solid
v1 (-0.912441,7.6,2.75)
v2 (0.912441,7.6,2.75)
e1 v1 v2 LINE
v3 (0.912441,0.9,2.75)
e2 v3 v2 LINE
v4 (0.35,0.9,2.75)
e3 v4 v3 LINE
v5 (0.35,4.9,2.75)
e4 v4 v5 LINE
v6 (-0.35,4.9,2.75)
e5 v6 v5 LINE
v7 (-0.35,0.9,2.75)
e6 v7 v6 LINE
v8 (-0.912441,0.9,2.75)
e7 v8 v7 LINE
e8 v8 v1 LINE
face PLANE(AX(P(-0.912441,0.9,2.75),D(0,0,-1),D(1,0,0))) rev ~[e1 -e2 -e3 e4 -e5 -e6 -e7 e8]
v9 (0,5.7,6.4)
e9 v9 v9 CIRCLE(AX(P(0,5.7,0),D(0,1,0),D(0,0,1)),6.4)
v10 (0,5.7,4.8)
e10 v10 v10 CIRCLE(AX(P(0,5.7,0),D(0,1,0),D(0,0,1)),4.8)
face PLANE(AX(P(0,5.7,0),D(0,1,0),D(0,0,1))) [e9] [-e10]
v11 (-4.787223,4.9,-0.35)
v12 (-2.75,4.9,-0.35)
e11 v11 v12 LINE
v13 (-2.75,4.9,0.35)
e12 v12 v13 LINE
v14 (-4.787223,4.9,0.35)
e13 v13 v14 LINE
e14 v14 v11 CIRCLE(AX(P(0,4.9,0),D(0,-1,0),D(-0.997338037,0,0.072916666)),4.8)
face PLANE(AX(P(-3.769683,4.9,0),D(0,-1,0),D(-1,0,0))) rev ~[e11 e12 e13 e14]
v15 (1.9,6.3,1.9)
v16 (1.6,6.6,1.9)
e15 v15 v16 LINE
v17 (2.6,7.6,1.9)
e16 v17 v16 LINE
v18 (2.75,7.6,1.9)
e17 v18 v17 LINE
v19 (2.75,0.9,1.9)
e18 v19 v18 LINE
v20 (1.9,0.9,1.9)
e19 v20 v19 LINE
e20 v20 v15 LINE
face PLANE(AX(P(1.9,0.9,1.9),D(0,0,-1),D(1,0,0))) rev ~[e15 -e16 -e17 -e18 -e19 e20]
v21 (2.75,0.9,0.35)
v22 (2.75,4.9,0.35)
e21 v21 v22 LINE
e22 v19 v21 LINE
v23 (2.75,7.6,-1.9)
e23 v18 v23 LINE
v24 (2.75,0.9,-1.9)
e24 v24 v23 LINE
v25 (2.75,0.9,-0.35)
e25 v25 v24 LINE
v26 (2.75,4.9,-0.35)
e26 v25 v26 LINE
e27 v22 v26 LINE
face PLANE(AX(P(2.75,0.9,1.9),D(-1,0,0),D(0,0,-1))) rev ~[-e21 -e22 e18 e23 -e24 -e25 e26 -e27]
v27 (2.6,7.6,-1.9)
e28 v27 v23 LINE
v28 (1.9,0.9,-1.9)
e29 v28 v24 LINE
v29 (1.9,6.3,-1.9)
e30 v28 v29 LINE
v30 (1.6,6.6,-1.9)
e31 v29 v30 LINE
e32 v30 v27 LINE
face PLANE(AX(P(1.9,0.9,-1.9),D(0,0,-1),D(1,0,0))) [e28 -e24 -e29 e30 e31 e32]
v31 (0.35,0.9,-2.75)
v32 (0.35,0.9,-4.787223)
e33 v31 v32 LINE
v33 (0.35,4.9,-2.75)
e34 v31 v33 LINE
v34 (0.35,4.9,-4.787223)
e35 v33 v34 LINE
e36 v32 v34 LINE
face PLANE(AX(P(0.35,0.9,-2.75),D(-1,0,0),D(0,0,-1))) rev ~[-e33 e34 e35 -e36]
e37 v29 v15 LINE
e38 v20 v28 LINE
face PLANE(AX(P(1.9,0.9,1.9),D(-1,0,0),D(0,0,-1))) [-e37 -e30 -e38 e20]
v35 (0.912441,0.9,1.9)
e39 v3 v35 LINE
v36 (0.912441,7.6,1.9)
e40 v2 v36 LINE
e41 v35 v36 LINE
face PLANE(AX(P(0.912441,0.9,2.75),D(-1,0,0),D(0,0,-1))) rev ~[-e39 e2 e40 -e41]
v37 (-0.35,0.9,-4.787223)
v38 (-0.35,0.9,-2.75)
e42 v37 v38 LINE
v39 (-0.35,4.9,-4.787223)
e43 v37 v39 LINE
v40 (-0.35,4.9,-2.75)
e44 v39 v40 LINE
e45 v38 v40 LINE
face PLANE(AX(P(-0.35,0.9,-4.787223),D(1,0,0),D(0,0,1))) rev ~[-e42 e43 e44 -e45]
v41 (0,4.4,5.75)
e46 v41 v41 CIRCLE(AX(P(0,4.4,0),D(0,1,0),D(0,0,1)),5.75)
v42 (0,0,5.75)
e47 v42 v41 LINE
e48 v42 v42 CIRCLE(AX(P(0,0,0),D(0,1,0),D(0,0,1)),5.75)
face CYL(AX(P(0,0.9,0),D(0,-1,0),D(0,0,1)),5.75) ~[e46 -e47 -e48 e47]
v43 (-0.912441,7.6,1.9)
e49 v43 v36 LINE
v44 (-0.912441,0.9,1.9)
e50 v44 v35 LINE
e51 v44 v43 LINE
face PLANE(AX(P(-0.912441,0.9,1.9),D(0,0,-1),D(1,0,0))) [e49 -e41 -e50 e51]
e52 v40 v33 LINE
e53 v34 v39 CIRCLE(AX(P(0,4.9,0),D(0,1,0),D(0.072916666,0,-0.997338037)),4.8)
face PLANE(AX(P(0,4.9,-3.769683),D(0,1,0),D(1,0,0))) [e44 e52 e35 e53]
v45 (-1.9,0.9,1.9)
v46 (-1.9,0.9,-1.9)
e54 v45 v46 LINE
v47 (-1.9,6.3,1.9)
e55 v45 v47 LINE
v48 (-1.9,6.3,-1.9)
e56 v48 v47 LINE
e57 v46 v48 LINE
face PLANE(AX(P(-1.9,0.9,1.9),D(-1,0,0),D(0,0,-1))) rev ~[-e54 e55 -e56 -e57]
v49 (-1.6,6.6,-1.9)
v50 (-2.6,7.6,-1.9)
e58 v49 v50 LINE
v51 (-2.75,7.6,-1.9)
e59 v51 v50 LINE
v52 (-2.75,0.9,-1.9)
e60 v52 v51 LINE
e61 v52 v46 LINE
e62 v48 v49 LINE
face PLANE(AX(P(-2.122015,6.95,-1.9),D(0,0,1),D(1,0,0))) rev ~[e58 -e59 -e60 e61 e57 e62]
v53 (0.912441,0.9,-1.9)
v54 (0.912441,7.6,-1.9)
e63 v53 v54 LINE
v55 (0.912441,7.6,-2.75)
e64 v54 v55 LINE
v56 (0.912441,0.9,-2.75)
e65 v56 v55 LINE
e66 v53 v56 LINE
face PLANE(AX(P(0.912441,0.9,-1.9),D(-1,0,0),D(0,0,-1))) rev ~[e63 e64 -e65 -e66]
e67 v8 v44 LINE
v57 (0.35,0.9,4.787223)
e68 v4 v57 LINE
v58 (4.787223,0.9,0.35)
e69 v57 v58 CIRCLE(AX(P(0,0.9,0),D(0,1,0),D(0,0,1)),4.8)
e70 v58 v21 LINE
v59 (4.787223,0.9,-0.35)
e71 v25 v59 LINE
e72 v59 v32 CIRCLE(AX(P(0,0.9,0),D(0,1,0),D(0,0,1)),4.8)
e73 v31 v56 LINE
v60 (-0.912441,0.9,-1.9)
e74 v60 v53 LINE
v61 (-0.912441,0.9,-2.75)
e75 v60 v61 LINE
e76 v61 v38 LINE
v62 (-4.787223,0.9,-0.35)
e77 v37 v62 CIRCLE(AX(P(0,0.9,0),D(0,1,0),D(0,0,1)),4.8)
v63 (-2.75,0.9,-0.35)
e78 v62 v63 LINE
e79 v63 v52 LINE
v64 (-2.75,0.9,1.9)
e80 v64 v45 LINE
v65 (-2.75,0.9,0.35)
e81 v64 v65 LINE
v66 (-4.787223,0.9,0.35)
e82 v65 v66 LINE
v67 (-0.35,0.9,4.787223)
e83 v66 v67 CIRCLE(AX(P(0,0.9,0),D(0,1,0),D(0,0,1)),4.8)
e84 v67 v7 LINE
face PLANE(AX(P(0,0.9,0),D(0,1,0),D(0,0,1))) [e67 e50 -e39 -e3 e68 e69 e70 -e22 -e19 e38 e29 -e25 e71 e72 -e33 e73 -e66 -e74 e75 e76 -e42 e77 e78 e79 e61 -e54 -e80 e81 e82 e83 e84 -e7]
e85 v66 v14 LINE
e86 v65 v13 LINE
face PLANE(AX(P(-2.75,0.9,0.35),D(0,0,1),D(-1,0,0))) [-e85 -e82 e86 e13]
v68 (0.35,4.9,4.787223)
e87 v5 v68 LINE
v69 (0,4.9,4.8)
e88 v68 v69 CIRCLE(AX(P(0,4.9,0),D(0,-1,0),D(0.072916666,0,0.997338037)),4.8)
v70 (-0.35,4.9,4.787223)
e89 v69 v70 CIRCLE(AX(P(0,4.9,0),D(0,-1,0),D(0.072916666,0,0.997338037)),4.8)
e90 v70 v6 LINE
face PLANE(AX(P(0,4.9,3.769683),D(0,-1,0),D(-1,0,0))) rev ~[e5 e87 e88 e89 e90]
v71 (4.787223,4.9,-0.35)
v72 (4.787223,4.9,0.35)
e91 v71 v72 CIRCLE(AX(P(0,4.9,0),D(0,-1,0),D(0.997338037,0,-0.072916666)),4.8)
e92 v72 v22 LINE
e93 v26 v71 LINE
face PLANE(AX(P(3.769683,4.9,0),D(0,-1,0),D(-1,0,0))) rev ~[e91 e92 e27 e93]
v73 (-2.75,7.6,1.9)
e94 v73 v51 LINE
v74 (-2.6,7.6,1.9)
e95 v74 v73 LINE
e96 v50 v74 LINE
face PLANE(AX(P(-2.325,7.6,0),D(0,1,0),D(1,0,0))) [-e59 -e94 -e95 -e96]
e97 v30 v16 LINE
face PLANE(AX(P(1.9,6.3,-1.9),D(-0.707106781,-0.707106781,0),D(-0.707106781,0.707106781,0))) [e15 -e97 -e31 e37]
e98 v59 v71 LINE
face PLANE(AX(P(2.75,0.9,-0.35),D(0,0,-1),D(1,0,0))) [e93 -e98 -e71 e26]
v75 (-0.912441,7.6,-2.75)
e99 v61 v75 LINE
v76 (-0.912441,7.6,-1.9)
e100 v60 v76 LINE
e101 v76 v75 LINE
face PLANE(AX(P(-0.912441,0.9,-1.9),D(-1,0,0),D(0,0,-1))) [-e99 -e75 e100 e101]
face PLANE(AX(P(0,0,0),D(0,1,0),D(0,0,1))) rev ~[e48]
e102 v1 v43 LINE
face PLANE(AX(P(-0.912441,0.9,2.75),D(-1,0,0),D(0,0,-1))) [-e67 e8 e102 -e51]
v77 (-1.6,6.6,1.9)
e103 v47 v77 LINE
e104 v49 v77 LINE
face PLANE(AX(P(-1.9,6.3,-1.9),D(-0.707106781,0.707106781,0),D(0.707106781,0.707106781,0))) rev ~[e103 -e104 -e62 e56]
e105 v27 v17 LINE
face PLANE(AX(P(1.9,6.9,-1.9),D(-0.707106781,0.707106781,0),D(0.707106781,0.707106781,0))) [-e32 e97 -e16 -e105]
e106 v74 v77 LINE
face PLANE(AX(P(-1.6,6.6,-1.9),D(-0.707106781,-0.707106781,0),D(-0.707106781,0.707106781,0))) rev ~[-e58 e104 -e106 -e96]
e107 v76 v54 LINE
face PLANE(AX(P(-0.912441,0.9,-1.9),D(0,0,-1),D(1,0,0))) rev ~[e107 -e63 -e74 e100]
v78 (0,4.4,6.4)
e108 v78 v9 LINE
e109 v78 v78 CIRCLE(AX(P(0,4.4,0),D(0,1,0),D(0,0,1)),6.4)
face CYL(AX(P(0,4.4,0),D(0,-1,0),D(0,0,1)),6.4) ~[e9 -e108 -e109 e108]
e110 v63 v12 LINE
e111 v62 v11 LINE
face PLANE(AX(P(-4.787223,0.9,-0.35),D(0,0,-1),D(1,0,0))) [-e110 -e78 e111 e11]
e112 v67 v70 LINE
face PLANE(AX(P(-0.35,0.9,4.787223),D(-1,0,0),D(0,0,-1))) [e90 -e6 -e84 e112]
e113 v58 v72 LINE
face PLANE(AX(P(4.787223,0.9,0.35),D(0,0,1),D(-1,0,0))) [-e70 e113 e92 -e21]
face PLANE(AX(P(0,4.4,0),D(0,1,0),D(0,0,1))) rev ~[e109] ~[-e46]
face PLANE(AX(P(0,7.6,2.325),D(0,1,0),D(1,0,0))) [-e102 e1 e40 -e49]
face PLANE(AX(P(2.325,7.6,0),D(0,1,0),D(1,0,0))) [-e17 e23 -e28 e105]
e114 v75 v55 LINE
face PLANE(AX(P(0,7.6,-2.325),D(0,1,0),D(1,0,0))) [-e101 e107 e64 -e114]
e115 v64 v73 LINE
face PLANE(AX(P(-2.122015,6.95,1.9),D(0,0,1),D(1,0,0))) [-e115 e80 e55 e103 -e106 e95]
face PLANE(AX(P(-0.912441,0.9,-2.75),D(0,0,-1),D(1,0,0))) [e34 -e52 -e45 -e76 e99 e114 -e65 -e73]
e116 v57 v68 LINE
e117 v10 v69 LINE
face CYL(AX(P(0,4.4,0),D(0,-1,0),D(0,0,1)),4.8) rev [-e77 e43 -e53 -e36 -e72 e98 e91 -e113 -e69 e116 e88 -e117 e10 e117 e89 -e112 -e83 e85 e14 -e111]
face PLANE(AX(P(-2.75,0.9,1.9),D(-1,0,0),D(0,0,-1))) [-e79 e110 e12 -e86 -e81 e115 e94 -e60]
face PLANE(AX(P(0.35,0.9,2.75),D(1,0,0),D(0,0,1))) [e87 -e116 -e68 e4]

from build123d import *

# Parameters (mm, degrees)
SKETCH_1_R          = 5.75
EXTRUDE_1_DEPTH     = 0.9
SKETCH_2_R          = 5.75
SKETCH_2_R_2        = 4.8
EXTRUDE_2_DEPTH     = 3.5
SKETCH_3_R          = 6.4
SKETCH_3_R_2        = 4.8
EXTRUDE_3_DEPTH     = 1.3
SKETCH_4_W          = 0.85
SKETCH_4_H          = 3.8
SKETCH_4_W_2        = 1.824882422
SKETCH_4_H_2        = 0.85
EXTRUDE_4_DEPTH     = 6.7
EXTRUDE_5_DEPTH     = 3.8
CUT_EXTRUDE_1_REACH = 14.946
EXTRUDE_6_DEPTH     = 4


with BuildPart() as part:
    # Эскиз1 → Бобышка-Вытянуть1 (new body)
    with BuildSketch(Plane(origin=(0, 0, 0), x_dir=(1, 0, 0), z_dir=(0, 1, 0))):
        with Locations(Location((0, 0, 0), (0, 0, 270))):
            Circle(SKETCH_1_R)
    extrude(amount=EXTRUDE_1_DEPTH)

    # Эскиз2 → Бобышка-Вытянуть2 (add)
    with BuildSketch(Plane(origin=(0, 0.9, 0), x_dir=(1, 0, 0), z_dir=(0, 1, 0))):
        with Locations(Location((0, 0, 0), (0, 0, 270))):
            Circle(SKETCH_2_R)
        with Locations(Location((0, 0, 0), (0, 0, 270))):
            Circle(SKETCH_2_R_2, mode=Mode.SUBTRACT)
    extrude(amount=EXTRUDE_2_DEPTH)

    # Эскиз3 → Бобышка-Вытянуть3 (add)
    with BuildSketch(Plane(origin=(0, 4.4, 0), x_dir=(1, 0, 0), z_dir=(0, 1, 0))):
        with Locations(Location((0, 0, 0), (0, 0, 270))):
            Circle(SKETCH_3_R)
        with Locations(Location((0, 0, 0), (0, 0, 270))):
            Circle(SKETCH_3_R_2, mode=Mode.SUBTRACT)
    extrude(amount=EXTRUDE_3_DEPTH)

    # Эскиз4 → Бобышка-Вытянуть4 (add)
    with BuildSketch(Plane(origin=(0, 0.9, 0), x_dir=(1, 0, 0), z_dir=(0, 1, 0))):
        with Locations((-2.325, 0)):
            Rectangle(SKETCH_4_W, SKETCH_4_H)
        with Locations((2.325, 0)):
            Rectangle(SKETCH_4_W, SKETCH_4_H)
        with Locations((0, 2.325)):
            Rectangle(SKETCH_4_W_2, SKETCH_4_H_2)
        with Locations((0, -2.325)):
            Rectangle(SKETCH_4_W_2, SKETCH_4_H_2)
    extrude(amount=EXTRUDE_4_DEPTH)

    # Эскиз5 → Бобышка-Вытянуть5 (add)
    with BuildSketch(Plane(origin=(0, 0, -1.9), x_dir=(-1, 0, 0), z_dir=(0, 0, -1))):
        Polygon((1.9, 6.3), (1.6, 6.6), (2.6, 7.6), align=None)
        Polygon((-1.9, 6.3), (-1.6, 6.6), (-2.6, 7.6), align=None)
    extrude(amount=-EXTRUDE_5_DEPTH)

    # Эскиз6 → Вырез-Вытянуть1 (cut, up to next)
    with BuildSketch(Plane(origin=(0, 0, -1.9), x_dir=(-1, 0, 0), z_dir=(0, 0, -1)), mode=Mode.PRIVATE) as cut_extrude_1_sk1:
        Polygon((1.9, 6.9), (2.6, 7.6), (1.9, 7.6), align=None)
    cut_extrude_1_tool1 = extrude(cut_extrude_1_sk1.sketch, amount=-CUT_EXTRUDE_1_REACH, mode=Mode.PRIVATE) & part.part
    # Эскиз6 → Вырез-Вытянуть1 (cut, up to next)
    with BuildSketch(Plane(origin=(0, 0, -1.9), x_dir=(-1, 0, 0), z_dir=(0, 0, -1)), mode=Mode.PRIVATE) as cut_extrude_1_sk2:
        Polygon((-1.9, 6.9), (-2.6, 7.6), (-1.9, 7.6), align=None)
    cut_extrude_1_tool2 = extrude(cut_extrude_1_sk2.sketch, amount=-CUT_EXTRUDE_1_REACH, mode=Mode.PRIVATE) & part.part
    add(cut_extrude_1_tool1.solids().sort_by_distance((-2.133333, 7.366667, -1.9))[0], mode=Mode.SUBTRACT)
    add(cut_extrude_1_tool2.solids().sort_by_distance((2.133333, 7.366667, -1.9))[0], mode=Mode.SUBTRACT)

    # Эскиз7 → Бобышка-Вытянуть6 (add)
    with BuildSketch(Plane(origin=(0, 0.9, 0), x_dir=(1, 0, 0), z_dir=(0, 1, 0))):
        with BuildLine():
            Line((-0.35, -2.75), (0.35, -2.75))
            Line((0.35, -2.75), (0.35, -4.787222577))
            ThreePointArc((0.35, -4.787222577), (0, -4.8), (-0.35, -4.787222577))
            Line((-0.35, -4.787222577), (-0.35, -2.75))
        make_face()
        with BuildLine():
            Line((4.787222577, -0.35), (2.75, -0.35))
            Line((2.75, -0.35), (2.75, 0.35))
            Line((2.75, 0.35), (4.787222577, 0.35))
            ThreePointArc((4.787222577, 0.35), (4.8, 0), (4.787222577, -0.35))
        make_face()
        with BuildLine():
            Line((0.35, 2.75), (0.35, 4.787222577))
            ThreePointArc((0.35, 4.787222577), (0, 4.8), (-0.35, 4.787222577))
            Line((-0.35, 4.787222577), (-0.35, 2.75))
            Line((-0.35, 2.75), (0.35, 2.75))
        make_face()
        with BuildLine():
            Line((-2.75, -0.35), (-4.787222577, -0.35))
            ThreePointArc((-4.787222577, -0.35), (-4.8, 0), (-4.787222577, 0.35))
            Line((-4.787222577, 0.35), (-2.75, 0.35))
            Line((-2.75, 0.35), (-2.75, -0.35))
        make_face()
    extrude(amount=EXTRUDE_6_DEPTH)


solid = part.part
